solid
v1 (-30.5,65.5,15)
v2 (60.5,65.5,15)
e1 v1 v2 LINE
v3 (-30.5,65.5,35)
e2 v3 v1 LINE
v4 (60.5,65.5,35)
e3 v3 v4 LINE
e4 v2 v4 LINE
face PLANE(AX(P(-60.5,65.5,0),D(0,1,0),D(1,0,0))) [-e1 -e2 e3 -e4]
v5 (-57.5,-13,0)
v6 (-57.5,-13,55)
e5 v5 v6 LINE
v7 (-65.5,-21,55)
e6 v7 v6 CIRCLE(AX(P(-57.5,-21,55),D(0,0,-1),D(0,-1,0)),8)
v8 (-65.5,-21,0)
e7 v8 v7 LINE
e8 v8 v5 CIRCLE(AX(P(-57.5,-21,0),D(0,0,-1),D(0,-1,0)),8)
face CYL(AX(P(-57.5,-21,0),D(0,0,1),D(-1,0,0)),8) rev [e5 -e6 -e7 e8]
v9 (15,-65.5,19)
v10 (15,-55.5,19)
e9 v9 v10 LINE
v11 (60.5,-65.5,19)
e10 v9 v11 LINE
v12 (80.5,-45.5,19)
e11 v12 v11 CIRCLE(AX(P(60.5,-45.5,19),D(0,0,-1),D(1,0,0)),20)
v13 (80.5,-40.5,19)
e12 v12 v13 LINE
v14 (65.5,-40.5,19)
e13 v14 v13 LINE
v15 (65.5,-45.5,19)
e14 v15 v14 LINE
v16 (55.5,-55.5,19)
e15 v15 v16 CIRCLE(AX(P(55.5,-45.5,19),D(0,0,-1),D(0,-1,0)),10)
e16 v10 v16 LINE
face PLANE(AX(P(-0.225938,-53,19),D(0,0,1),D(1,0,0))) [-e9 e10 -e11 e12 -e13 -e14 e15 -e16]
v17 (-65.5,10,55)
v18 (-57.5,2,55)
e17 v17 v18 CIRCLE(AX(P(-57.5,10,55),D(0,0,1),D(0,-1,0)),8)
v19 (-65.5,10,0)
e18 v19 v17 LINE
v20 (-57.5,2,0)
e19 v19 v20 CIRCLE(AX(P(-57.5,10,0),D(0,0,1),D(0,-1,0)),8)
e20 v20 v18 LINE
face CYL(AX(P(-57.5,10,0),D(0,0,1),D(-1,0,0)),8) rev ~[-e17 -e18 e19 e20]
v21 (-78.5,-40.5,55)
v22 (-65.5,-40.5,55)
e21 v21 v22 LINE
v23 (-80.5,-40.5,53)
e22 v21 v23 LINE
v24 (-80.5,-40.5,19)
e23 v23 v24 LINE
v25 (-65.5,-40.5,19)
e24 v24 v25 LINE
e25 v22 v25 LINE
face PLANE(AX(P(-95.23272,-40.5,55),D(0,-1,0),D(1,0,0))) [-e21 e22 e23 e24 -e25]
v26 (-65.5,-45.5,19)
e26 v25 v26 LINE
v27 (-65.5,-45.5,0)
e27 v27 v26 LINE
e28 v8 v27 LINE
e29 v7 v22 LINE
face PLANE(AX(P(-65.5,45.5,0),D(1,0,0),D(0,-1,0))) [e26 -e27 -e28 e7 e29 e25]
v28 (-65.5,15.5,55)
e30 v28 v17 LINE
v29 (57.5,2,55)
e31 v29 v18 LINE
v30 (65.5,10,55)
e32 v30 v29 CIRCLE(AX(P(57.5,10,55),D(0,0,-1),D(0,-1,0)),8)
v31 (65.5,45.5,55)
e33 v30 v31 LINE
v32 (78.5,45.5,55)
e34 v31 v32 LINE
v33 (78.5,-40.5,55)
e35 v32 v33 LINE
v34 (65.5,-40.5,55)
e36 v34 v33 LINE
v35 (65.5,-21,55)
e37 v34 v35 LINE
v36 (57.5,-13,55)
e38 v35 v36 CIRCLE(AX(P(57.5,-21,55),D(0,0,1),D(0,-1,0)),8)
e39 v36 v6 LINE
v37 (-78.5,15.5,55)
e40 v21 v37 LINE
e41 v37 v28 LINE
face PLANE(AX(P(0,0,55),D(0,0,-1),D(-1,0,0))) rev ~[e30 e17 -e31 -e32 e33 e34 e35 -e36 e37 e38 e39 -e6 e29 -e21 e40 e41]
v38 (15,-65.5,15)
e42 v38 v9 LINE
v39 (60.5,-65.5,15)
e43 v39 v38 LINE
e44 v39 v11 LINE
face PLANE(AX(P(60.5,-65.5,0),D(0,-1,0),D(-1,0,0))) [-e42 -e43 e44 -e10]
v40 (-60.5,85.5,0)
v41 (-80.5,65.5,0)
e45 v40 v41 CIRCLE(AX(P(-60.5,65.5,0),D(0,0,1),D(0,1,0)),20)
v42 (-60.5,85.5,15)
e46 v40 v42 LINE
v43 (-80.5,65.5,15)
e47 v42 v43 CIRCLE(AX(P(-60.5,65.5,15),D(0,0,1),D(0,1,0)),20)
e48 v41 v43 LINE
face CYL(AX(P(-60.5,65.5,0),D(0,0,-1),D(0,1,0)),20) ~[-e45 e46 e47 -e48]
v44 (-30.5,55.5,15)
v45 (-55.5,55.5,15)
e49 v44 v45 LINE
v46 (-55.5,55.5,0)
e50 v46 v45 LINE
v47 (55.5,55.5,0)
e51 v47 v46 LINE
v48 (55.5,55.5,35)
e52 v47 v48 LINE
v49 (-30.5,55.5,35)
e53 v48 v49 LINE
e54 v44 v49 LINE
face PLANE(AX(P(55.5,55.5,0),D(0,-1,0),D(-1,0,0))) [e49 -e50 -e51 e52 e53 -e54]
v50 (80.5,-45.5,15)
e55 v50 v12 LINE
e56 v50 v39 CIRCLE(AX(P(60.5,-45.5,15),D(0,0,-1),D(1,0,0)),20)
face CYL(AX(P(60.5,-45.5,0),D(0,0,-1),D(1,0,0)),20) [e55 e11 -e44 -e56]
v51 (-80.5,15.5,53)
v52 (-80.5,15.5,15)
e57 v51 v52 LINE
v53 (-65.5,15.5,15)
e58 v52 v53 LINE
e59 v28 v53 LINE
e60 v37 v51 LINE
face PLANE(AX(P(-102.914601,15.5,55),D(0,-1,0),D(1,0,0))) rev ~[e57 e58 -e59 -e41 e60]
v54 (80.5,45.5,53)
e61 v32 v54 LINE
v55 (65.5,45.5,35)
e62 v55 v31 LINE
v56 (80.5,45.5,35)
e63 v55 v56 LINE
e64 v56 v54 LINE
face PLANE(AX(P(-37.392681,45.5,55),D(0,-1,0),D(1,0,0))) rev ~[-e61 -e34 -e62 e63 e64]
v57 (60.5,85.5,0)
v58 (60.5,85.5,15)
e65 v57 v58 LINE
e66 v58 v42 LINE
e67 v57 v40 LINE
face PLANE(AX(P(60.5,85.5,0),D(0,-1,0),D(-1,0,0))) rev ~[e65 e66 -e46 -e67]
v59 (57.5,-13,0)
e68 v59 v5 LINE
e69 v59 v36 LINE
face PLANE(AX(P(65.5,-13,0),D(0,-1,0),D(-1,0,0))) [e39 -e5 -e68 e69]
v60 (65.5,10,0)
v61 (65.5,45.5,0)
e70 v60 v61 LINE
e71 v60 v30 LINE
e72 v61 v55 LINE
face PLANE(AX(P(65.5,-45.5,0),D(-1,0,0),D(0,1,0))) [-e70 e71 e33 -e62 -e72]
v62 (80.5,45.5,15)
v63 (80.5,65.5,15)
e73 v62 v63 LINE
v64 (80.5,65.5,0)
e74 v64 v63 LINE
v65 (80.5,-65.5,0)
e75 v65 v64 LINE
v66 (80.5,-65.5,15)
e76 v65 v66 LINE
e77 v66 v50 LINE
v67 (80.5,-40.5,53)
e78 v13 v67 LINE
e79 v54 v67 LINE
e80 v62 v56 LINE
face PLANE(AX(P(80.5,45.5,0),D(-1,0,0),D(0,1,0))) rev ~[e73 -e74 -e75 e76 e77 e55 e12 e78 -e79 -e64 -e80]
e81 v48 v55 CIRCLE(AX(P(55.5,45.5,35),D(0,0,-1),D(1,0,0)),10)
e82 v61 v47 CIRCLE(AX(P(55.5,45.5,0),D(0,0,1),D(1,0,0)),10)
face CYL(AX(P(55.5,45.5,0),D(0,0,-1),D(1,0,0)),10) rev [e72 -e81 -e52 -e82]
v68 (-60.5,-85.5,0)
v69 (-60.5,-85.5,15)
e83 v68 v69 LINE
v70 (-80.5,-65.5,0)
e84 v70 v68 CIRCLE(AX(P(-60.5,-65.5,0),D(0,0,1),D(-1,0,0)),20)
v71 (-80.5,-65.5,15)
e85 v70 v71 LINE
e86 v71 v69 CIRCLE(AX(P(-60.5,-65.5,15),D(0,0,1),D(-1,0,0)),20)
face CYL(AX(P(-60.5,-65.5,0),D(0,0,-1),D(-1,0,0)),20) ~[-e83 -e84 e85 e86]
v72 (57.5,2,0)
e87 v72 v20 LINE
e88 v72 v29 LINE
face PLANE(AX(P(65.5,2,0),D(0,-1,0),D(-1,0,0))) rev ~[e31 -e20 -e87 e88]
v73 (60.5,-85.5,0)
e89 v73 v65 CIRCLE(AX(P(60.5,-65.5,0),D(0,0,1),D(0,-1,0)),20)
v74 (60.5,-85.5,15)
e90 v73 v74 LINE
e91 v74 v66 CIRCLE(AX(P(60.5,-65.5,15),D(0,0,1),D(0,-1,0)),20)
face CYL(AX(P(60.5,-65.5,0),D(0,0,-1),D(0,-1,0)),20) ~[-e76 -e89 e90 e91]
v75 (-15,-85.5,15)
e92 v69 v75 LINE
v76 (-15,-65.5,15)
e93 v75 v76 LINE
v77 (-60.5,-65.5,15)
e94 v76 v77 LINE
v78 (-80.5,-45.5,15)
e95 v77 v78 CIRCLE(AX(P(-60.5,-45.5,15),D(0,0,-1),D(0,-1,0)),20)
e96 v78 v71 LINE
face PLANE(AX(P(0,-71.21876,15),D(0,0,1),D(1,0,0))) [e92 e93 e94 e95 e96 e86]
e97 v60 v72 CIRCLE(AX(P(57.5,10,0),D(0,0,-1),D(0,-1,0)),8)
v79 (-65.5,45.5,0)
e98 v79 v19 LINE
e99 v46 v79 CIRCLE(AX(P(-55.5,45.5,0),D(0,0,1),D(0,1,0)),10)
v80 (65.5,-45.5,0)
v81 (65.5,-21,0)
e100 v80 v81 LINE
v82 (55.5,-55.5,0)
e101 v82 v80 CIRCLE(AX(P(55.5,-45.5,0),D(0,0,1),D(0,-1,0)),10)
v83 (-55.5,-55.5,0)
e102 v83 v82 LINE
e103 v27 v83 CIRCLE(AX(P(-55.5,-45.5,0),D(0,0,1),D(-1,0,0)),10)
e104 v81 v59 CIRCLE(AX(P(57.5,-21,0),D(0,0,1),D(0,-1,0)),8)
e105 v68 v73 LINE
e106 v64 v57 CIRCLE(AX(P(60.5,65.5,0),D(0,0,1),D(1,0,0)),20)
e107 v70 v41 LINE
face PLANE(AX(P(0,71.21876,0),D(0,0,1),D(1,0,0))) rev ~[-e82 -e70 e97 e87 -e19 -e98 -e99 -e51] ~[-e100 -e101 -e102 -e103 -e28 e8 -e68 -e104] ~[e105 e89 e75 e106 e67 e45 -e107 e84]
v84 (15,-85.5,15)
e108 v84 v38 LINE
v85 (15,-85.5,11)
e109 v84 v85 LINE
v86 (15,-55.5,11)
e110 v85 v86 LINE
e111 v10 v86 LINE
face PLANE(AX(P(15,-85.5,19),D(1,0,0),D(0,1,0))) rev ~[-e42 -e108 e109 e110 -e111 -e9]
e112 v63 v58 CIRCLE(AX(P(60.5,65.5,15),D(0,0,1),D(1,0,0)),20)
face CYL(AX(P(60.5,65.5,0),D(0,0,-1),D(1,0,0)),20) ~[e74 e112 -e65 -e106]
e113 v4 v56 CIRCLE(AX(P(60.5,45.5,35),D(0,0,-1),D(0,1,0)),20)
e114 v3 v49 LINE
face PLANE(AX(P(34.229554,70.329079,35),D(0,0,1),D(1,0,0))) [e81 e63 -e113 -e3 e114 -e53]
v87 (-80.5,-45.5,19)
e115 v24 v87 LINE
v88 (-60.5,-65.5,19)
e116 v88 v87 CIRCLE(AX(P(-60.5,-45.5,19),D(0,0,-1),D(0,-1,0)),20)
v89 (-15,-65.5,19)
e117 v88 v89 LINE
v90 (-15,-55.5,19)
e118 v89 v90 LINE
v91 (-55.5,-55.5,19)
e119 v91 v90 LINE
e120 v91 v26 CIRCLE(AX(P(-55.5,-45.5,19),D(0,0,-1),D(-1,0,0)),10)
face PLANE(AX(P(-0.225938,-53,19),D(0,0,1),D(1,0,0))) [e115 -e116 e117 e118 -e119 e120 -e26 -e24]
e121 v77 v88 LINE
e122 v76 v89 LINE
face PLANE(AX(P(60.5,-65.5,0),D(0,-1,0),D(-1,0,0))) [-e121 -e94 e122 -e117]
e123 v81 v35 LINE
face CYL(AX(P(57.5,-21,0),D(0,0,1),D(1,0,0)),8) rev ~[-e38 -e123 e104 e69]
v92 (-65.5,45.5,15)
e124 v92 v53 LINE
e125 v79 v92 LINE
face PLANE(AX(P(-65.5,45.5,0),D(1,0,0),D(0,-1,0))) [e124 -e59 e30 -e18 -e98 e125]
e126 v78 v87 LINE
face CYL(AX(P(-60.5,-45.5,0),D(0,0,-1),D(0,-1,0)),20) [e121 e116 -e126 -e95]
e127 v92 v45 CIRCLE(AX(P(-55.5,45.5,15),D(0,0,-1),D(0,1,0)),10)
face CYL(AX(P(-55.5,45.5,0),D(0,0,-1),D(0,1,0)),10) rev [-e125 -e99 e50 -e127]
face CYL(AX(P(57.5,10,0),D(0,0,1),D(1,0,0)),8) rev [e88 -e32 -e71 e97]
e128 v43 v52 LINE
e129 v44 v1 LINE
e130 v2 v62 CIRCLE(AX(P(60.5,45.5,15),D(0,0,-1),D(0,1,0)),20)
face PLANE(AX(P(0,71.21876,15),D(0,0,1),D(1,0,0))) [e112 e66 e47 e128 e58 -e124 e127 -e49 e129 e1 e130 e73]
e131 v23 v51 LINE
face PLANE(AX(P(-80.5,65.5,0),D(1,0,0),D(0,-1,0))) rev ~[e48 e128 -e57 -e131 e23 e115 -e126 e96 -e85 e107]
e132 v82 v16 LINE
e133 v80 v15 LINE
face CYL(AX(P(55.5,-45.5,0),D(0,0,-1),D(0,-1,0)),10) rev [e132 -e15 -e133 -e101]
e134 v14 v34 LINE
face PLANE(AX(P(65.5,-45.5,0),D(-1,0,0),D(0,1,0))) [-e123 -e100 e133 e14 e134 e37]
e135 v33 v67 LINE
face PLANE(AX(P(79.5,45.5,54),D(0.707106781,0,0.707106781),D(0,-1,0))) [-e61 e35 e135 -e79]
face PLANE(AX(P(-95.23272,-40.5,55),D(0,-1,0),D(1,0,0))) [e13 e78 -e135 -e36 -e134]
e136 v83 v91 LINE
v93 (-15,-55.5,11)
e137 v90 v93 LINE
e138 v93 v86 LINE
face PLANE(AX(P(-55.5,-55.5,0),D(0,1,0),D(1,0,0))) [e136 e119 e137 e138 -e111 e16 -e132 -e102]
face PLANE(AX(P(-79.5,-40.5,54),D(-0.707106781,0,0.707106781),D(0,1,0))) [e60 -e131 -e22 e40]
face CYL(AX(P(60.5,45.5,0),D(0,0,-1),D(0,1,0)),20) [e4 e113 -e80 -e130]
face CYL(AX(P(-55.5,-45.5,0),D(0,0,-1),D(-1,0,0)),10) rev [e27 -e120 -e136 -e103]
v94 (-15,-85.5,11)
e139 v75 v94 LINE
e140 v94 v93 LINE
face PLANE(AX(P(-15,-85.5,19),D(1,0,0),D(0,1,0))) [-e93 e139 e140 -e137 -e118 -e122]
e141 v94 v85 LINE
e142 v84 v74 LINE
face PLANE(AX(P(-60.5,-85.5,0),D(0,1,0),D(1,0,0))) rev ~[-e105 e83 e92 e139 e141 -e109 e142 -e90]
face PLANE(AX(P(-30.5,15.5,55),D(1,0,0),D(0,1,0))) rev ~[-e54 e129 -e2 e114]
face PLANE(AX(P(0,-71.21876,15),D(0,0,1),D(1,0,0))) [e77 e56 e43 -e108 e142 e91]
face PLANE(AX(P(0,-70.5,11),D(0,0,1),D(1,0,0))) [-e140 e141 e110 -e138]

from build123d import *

# Parameters (mm, degrees)
BOSS_EXTRUDE1_DEPTH = 55
BOSS_EXTRUDE3_DEPTH = 15
SKETCH4_W           = 190.013565595
SKETCH4_H           = 25
CUT_EXTRUDE1_DEPTH  = 36
SKETCH5_W           = 30
SKETCH5_H           = 30
CUT_EXTRUDE2_DEPTH  = 8
SKETCH6_W           = 72.414600628
SKETCH6_H           = 59.825353167
CUT_EXTRUDE3_DEPTH  = 40
SKETCH7_W           = 143.244471566
SKETCH7_H           = 49.658158813
CUT_EXTRUDE4_DEPTH  = 20
SKETCH8_W           = 131
SKETCH8_H           = 15
BOSS_EXTRUDE4_DEPTH = 55
FILLET1_R           = 8
CHAMFER1_SIZE       = 2


with BuildPart() as part:
    # Sketch1 → Boss-Extrude1 (new body)
    with BuildSketch(Plane.XY):
        with BuildLine():
            Line((-60.5, 65.5), (60.5, 65.5))
            ThreePointArc((60.5, 65.5), (74.642135624, 59.642135624), (80.5, 45.5))
            Line((80.5, 45.5), (80.5, -45.5))
            ThreePointArc((80.5, -45.5), (74.642135624, -59.642135624), (60.5, -65.5))
            Line((60.5, -65.5), (-60.5, -65.5))
            ThreePointArc((-60.5, -65.5), (-74.642135624, -59.642135624), (-80.5, -45.5))
            Line((-80.5, -45.5), (-80.5, 45.5))
            ThreePointArc((-80.5, 45.5), (-74.642135624, 59.642135624), (-60.5, 65.5))
        make_face()
        with BuildLine():
            Line((-65.5, 45.5), (-65.5, -45.5))
            ThreePointArc((-65.5, -45.5), (-62.571067812, -52.571067812), (-55.5, -55.5))
            Line((-55.5, -55.5), (55.5, -55.5))
            ThreePointArc((55.5, -55.5), (62.571067812, -52.571067812), (65.5, -45.5))
            Line((65.5, -45.5), (65.5, 45.5))
            ThreePointArc((65.5, 45.5), (62.571067812, 52.571067812), (55.5, 55.5))
            Line((55.5, 55.5), (-55.5, 55.5))
            ThreePointArc((-55.5, 55.5), (-62.571067812, 52.571067812), (-65.5, 45.5))
        make_face(mode=Mode.SUBTRACT)
    extrude(amount=BOSS_EXTRUDE1_DEPTH)

    # Sketch3 → Boss-Extrude3 (add)
    with BuildSketch(Plane(origin=(0, 0, 0), x_dir=(-1, 0, 0), z_dir=(0, 0, -1))):
        with BuildLine():
            Line((-80.5, 45.5), (-80.5, 65.5))
            ThreePointArc((-80.5, 65.5), (-74.642135624, 79.642135624), (-60.5, 85.5))
            Line((-60.5, 85.5), (60.5, 85.5))
            ThreePointArc((60.5, 85.5), (74.642135624, 79.642135624), (80.5, 65.5))
            Line((80.5, 65.5), (80.5, 45.5))
            ThreePointArc((80.5, 45.5), (74.642135624, 59.642135624), (60.5, 65.5))
            Line((60.5, 65.5), (-60.5, 65.5))
            ThreePointArc((-60.5, 65.5), (-74.642135624, 59.642135624), (-80.5, 45.5))
        make_face()
        with BuildLine():
            Line((80.5, -45.5), (80.5, -65.5))
            ThreePointArc((80.5, -65.5), (74.642135624, -79.642135624), (60.5, -85.5))
            Line((60.5, -85.5), (-60.5, -85.5))
            ThreePointArc((-60.5, -85.5), (-74.642135624, -79.642135624), (-80.5, -65.5))
            Line((-80.5, -65.5), (-80.5, -45.5))
            ThreePointArc((-80.5, -45.5), (-74.642135624, -59.642135624), (-60.5, -65.5))
            Line((-60.5, -65.5), (60.5, -65.5))
            ThreePointArc((60.5, -65.5), (74.642135624, -59.642135624), (80.5, -45.5))
        make_face()
    extrude(amount=-BOSS_EXTRUDE3_DEPTH)

    # Sketch4 → Cut-Extrude1 (cut)
    with BuildSketch(Plane.XY.offset(55)):
        with Locations((-0.225937653, -53)):
            Rectangle(SKETCH4_W, SKETCH4_H)
    extrude(amount=-CUT_EXTRUDE1_DEPTH, mode=Mode.SUBTRACT)

    # Sketch5 → Cut-Extrude2 (cut)
    with BuildSketch(Plane.XY.offset(19)):
        with Locations((0, -70.5)):
            Rectangle(SKETCH5_W, SKETCH5_H)
    extrude(amount=-CUT_EXTRUDE2_DEPTH, mode=Mode.SUBTRACT)

    # Sketch6 → Cut-Extrude3 (cut)
    with BuildSketch(Plane.XY.offset(55)):
        with Locations((-66.707300314, 45.412676584)):
            Rectangle(SKETCH6_W, SKETCH6_H)
    extrude(amount=-CUT_EXTRUDE3_DEPTH, mode=Mode.SUBTRACT)

    # Sketch7 → Cut-Extrude4 (cut)
    with BuildSketch(Plane.XY.offset(55)):
        with Locations((34.229554325, 70.329079407)):
            Rectangle(SKETCH7_W, SKETCH7_H)
    extrude(amount=-CUT_EXTRUDE4_DEPTH, mode=Mode.SUBTRACT)

    # Sketch8 → Boss-Extrude4 (add)
    with BuildSketch(Plane(origin=(0, 0, 0), x_dir=(-1, 0, 0), z_dir=(0, 0, -1))):
        with Locations((0, -5.5)):
            Rectangle(SKETCH8_W, SKETCH8_H)
    extrude(amount=-BOSS_EXTRUDE4_DEPTH)

    # Fillet1
    fillet1_edges = [part.edges().sort_by_distance(p)[0] for p in [
        (-65.5, -13, 27.5),
        (-65.5, 2, 27.5),
        (65.5, 2, 27.5),
        (65.5, -13, 27.5),
    ]]
    fillet(fillet1_edges, radius=FILLET1_R)

    # Chamfer1
    chamfer1_edges = [part.edges().sort_by_distance(p)[0] for p in [
        (80.5, 2.5, 55),
        (-80.5, -12.5, 55),
    ]]
    chamfer(chamfer1_edges, length=CHAMFER1_SIZE)


solid = part.part
